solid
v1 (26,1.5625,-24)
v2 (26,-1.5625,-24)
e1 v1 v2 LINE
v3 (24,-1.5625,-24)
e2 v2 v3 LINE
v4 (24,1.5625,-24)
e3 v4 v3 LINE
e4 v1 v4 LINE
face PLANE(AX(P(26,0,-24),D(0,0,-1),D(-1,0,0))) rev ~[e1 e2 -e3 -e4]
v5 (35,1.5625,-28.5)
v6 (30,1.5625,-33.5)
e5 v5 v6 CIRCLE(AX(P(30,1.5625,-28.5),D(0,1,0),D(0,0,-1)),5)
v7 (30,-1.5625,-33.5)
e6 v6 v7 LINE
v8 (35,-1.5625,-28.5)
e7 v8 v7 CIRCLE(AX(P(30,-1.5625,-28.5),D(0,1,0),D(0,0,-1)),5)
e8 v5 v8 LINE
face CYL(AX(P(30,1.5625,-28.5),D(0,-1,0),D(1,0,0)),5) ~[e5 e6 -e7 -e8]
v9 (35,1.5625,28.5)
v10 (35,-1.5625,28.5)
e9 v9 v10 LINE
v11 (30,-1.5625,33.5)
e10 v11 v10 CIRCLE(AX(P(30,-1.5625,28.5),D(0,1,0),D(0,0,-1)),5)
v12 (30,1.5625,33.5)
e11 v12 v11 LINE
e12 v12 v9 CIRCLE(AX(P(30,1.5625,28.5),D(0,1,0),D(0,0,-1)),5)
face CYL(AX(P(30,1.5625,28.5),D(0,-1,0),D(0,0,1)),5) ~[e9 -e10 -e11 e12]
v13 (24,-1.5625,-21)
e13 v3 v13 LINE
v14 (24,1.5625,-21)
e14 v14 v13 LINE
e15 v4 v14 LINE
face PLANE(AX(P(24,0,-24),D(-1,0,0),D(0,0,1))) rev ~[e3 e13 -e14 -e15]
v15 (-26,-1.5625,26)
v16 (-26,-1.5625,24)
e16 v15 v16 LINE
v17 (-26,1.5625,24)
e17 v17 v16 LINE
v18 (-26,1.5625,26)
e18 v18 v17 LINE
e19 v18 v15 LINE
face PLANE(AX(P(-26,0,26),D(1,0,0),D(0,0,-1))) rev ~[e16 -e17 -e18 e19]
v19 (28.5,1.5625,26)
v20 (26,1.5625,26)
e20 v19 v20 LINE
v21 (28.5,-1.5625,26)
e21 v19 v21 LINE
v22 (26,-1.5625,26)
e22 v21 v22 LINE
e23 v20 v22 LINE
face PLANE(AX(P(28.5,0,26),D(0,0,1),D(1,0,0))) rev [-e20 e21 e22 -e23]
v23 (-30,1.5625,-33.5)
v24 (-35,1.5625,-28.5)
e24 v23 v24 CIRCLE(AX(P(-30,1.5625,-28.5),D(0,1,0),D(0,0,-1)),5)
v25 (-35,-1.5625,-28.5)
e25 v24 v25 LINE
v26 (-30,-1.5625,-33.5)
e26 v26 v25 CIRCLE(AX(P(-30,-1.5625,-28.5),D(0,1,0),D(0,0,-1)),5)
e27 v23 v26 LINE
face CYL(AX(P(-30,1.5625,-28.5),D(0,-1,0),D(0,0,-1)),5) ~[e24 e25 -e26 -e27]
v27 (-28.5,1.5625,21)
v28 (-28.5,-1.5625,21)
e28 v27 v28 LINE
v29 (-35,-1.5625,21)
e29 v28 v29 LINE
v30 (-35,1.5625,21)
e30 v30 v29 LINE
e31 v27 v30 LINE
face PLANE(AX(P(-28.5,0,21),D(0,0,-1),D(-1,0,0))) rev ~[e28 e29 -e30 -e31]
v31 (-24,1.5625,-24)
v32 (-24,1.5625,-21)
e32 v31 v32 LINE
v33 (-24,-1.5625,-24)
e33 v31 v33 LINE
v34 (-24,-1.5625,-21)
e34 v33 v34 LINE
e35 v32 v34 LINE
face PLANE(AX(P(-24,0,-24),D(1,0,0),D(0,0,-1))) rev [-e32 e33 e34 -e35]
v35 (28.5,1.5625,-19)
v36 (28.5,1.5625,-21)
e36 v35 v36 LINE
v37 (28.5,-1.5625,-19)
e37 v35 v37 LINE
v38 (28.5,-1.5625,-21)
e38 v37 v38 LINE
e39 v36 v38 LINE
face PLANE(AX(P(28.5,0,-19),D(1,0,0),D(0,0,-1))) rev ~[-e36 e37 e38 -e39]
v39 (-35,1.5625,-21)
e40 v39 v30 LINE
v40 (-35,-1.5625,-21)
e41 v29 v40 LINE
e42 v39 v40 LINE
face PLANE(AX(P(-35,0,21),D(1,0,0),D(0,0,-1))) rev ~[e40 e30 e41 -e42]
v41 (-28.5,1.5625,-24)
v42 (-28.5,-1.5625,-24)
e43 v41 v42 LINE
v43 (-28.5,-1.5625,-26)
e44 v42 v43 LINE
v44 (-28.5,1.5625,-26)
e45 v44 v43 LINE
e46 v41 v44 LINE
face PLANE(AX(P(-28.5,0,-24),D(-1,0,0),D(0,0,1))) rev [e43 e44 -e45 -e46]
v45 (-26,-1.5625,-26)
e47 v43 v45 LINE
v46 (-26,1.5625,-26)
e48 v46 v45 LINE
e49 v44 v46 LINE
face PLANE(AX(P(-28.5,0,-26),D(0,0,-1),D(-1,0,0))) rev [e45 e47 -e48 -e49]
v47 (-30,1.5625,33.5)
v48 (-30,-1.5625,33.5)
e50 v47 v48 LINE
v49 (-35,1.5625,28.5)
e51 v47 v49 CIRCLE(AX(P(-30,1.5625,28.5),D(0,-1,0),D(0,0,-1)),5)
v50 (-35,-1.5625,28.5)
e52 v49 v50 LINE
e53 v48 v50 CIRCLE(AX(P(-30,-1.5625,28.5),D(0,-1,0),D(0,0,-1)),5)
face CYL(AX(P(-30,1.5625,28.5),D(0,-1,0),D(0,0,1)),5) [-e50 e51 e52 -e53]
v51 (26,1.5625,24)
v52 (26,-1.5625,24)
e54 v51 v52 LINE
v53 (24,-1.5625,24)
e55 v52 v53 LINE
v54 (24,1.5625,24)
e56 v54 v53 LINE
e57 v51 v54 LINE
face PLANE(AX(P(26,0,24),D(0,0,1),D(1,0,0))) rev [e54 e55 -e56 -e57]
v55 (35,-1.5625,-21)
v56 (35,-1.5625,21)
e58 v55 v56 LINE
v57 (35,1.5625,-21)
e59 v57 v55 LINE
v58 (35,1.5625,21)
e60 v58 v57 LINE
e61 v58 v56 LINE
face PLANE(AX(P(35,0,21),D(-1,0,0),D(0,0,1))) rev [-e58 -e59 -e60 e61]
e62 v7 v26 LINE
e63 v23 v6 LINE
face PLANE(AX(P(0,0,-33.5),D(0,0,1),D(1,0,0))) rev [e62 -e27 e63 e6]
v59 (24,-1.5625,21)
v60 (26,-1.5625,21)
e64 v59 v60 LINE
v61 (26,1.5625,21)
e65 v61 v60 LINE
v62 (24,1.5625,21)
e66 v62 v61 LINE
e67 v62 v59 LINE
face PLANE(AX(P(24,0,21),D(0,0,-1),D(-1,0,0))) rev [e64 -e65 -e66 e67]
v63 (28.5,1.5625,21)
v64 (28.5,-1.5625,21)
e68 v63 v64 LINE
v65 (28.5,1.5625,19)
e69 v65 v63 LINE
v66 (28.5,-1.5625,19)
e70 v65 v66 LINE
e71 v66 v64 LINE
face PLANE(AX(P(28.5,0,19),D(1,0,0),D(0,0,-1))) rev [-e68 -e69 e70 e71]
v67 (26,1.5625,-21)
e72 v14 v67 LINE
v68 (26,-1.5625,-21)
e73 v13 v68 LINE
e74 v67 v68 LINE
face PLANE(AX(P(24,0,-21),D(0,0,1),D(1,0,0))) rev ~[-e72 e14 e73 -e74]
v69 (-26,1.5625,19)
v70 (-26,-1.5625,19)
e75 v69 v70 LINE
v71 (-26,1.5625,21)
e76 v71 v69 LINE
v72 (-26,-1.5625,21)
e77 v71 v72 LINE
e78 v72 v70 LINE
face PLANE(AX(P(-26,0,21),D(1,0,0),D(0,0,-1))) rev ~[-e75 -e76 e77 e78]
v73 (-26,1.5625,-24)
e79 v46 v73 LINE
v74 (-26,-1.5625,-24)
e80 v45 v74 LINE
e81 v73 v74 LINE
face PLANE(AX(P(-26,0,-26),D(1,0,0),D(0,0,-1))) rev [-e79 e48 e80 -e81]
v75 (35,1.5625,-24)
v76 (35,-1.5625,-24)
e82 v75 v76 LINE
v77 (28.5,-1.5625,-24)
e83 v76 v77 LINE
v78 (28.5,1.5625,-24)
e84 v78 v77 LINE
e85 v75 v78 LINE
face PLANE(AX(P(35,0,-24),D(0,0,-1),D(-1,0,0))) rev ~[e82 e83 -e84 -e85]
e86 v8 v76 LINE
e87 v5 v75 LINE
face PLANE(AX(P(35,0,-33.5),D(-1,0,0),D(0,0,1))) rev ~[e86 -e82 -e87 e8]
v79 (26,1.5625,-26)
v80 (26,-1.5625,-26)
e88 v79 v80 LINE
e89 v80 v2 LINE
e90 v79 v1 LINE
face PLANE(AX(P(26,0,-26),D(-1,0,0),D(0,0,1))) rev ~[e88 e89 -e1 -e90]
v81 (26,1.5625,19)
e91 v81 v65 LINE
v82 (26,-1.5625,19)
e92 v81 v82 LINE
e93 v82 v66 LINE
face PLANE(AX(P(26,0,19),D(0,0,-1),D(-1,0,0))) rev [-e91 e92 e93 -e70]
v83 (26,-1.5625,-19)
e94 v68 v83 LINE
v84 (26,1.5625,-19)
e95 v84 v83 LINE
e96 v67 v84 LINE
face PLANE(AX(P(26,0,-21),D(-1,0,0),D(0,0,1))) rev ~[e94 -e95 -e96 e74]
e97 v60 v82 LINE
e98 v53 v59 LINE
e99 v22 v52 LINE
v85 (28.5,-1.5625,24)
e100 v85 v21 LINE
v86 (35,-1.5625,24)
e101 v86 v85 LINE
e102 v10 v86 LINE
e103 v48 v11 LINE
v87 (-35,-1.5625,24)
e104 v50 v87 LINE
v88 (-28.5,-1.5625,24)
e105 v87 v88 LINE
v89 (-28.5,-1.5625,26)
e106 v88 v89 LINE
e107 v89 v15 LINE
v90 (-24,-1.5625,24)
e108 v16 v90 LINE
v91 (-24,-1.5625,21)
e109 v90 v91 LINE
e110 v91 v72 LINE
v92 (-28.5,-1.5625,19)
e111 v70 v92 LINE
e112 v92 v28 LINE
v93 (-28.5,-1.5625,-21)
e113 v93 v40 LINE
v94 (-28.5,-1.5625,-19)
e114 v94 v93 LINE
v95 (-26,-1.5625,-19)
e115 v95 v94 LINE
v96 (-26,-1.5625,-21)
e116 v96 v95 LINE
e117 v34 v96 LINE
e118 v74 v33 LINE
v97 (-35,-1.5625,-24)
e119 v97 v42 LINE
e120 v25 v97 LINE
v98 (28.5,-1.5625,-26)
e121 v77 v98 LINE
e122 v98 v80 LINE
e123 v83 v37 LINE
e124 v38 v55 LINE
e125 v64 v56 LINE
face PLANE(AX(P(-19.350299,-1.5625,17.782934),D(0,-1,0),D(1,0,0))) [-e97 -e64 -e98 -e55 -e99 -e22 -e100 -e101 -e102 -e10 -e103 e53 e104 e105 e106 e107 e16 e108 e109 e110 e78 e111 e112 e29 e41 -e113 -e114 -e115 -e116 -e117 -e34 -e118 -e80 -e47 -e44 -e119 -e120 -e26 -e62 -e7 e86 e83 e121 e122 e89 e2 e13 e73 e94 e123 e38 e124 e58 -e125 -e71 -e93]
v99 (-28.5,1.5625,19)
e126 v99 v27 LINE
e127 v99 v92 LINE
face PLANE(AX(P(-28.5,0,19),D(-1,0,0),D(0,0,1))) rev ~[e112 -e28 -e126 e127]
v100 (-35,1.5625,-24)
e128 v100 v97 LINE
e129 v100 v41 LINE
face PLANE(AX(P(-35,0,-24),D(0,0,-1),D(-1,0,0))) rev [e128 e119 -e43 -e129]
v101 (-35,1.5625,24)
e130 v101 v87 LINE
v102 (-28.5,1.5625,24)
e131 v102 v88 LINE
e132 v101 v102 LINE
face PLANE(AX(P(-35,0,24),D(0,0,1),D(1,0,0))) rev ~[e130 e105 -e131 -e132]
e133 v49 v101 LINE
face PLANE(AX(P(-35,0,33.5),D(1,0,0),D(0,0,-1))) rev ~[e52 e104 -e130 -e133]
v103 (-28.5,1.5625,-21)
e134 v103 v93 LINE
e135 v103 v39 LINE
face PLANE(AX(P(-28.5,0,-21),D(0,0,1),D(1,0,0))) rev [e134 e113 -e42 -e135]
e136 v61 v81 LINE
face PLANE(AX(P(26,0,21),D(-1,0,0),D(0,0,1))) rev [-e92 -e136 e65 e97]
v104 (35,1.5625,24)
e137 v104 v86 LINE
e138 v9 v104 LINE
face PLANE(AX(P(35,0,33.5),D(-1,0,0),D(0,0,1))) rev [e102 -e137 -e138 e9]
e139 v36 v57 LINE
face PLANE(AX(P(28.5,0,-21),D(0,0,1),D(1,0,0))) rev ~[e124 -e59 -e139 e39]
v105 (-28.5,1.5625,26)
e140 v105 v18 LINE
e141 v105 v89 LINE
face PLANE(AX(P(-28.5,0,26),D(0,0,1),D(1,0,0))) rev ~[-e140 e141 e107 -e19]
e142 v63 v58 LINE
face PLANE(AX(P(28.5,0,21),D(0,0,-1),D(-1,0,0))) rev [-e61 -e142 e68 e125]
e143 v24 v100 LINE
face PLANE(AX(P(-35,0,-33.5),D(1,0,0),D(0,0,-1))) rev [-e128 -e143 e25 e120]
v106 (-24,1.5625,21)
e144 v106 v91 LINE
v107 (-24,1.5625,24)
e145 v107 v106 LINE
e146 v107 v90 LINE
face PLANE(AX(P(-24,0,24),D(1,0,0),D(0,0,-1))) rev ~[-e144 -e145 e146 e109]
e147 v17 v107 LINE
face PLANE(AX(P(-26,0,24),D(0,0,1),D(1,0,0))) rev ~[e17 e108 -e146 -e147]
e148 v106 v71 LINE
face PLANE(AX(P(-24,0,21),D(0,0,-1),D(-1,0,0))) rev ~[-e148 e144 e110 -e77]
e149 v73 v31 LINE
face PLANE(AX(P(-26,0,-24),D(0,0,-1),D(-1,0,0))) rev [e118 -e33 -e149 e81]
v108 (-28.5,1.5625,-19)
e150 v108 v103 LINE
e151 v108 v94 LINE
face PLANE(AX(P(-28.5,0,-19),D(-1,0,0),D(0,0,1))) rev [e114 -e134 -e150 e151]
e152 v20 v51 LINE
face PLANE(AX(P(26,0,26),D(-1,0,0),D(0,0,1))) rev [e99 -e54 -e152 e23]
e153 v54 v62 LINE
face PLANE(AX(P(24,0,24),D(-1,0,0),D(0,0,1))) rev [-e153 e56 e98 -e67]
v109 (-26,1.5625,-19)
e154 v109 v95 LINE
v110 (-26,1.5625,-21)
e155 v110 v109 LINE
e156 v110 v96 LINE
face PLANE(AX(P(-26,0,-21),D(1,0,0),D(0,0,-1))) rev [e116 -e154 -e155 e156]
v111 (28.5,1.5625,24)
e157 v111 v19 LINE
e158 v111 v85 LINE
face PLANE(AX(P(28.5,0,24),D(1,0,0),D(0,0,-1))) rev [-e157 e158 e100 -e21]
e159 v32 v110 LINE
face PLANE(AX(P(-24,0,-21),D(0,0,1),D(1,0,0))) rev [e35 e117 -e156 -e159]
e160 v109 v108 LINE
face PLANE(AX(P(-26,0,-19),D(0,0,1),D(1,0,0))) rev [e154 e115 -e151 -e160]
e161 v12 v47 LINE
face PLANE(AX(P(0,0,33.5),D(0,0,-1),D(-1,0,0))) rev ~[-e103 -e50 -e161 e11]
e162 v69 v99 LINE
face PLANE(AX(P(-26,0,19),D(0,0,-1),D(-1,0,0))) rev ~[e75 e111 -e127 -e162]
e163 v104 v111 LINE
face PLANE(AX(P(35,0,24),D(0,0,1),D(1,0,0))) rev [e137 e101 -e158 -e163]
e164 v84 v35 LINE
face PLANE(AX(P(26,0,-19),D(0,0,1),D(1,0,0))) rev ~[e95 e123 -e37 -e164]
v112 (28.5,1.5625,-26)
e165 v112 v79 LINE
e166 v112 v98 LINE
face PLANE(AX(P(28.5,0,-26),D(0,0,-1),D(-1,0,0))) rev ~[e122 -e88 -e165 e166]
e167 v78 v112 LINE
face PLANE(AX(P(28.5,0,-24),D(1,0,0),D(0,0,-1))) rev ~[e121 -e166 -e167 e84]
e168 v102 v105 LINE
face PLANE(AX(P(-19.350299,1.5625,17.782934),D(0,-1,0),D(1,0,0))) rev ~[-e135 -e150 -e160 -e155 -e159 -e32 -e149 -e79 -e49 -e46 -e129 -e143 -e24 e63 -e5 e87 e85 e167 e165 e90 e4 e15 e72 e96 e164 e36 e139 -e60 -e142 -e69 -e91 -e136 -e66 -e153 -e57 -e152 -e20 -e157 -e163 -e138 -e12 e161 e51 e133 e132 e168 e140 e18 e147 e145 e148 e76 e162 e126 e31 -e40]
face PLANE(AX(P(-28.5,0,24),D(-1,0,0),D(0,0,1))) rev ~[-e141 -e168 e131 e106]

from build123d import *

# Parameters (mm, degrees)
BOSS_EXTRUDE1_DEPTH  = 1.5625
MIRROR4_COPY_1_DEPTH = 1.5625
FILLET1_R            = 5


with BuildPart() as part:
    # Sketch1 → Boss-Extrude1 (new body, symmetric)
    with BuildSketch(Plane(origin=(0, 0, 0), x_dir=(1, 0, 0), z_dir=(0, 1, 0))):
        Polygon((0, 33.5), (35, 33.5), (35, 24), (28.5, 24), (28.5, 26), (26, 26), (26, 24), (24, 24), (24, 21), (26, 21), (26, 19), (28.5, 19), (28.5, 21), (35, 21), (35, 0), (0, 0), align=None)
    boss_extrude1 = extrude(amount=BOSS_EXTRUDE1_DEPTH, both=True)

    # Mirror1: Boss-Extrude1 across plane
    add(boss_extrude1.mirror(Plane(origin=(0, 0, 0), x_dir=(0, 0, 1), z_dir=(1, 0, 0))))

    # Mirror4: Boss-Extrude1 across plane
    add(boss_extrude1.mirror(Plane.XY))

    # Mirror4 copy 1 sketch → Mirror4 copy 1 (add, symmetric)
    with BuildSketch(Plane(origin=(0, 0, 0), x_dir=(-1, 0, 0), z_dir=(0, 1, 0))):
        Polygon((0, 33.5), (35, 33.5), (35, 24), (28.5, 24), (28.5, 26), (26, 26), (26, 24), (24, 24), (24, 21), (26, 21), (26, 19), (28.5, 19), (28.5, 21), (35, 21), (35, 0), (0, 0), align=None)
    extrude(amount=MIRROR4_COPY_1_DEPTH, both=True)

    # Fillet1
    fillet1_edges = [part.edges().sort_by_distance(p)[0] for p in [
        (35, 0, 33.5),
        (35, 0, -33.5),
        (-35, 0, -33.5),
        (-35, 0, 33.5),
    ]]
    fillet(fillet1_edges, radius=FILLET1_R)


solid = part.part
